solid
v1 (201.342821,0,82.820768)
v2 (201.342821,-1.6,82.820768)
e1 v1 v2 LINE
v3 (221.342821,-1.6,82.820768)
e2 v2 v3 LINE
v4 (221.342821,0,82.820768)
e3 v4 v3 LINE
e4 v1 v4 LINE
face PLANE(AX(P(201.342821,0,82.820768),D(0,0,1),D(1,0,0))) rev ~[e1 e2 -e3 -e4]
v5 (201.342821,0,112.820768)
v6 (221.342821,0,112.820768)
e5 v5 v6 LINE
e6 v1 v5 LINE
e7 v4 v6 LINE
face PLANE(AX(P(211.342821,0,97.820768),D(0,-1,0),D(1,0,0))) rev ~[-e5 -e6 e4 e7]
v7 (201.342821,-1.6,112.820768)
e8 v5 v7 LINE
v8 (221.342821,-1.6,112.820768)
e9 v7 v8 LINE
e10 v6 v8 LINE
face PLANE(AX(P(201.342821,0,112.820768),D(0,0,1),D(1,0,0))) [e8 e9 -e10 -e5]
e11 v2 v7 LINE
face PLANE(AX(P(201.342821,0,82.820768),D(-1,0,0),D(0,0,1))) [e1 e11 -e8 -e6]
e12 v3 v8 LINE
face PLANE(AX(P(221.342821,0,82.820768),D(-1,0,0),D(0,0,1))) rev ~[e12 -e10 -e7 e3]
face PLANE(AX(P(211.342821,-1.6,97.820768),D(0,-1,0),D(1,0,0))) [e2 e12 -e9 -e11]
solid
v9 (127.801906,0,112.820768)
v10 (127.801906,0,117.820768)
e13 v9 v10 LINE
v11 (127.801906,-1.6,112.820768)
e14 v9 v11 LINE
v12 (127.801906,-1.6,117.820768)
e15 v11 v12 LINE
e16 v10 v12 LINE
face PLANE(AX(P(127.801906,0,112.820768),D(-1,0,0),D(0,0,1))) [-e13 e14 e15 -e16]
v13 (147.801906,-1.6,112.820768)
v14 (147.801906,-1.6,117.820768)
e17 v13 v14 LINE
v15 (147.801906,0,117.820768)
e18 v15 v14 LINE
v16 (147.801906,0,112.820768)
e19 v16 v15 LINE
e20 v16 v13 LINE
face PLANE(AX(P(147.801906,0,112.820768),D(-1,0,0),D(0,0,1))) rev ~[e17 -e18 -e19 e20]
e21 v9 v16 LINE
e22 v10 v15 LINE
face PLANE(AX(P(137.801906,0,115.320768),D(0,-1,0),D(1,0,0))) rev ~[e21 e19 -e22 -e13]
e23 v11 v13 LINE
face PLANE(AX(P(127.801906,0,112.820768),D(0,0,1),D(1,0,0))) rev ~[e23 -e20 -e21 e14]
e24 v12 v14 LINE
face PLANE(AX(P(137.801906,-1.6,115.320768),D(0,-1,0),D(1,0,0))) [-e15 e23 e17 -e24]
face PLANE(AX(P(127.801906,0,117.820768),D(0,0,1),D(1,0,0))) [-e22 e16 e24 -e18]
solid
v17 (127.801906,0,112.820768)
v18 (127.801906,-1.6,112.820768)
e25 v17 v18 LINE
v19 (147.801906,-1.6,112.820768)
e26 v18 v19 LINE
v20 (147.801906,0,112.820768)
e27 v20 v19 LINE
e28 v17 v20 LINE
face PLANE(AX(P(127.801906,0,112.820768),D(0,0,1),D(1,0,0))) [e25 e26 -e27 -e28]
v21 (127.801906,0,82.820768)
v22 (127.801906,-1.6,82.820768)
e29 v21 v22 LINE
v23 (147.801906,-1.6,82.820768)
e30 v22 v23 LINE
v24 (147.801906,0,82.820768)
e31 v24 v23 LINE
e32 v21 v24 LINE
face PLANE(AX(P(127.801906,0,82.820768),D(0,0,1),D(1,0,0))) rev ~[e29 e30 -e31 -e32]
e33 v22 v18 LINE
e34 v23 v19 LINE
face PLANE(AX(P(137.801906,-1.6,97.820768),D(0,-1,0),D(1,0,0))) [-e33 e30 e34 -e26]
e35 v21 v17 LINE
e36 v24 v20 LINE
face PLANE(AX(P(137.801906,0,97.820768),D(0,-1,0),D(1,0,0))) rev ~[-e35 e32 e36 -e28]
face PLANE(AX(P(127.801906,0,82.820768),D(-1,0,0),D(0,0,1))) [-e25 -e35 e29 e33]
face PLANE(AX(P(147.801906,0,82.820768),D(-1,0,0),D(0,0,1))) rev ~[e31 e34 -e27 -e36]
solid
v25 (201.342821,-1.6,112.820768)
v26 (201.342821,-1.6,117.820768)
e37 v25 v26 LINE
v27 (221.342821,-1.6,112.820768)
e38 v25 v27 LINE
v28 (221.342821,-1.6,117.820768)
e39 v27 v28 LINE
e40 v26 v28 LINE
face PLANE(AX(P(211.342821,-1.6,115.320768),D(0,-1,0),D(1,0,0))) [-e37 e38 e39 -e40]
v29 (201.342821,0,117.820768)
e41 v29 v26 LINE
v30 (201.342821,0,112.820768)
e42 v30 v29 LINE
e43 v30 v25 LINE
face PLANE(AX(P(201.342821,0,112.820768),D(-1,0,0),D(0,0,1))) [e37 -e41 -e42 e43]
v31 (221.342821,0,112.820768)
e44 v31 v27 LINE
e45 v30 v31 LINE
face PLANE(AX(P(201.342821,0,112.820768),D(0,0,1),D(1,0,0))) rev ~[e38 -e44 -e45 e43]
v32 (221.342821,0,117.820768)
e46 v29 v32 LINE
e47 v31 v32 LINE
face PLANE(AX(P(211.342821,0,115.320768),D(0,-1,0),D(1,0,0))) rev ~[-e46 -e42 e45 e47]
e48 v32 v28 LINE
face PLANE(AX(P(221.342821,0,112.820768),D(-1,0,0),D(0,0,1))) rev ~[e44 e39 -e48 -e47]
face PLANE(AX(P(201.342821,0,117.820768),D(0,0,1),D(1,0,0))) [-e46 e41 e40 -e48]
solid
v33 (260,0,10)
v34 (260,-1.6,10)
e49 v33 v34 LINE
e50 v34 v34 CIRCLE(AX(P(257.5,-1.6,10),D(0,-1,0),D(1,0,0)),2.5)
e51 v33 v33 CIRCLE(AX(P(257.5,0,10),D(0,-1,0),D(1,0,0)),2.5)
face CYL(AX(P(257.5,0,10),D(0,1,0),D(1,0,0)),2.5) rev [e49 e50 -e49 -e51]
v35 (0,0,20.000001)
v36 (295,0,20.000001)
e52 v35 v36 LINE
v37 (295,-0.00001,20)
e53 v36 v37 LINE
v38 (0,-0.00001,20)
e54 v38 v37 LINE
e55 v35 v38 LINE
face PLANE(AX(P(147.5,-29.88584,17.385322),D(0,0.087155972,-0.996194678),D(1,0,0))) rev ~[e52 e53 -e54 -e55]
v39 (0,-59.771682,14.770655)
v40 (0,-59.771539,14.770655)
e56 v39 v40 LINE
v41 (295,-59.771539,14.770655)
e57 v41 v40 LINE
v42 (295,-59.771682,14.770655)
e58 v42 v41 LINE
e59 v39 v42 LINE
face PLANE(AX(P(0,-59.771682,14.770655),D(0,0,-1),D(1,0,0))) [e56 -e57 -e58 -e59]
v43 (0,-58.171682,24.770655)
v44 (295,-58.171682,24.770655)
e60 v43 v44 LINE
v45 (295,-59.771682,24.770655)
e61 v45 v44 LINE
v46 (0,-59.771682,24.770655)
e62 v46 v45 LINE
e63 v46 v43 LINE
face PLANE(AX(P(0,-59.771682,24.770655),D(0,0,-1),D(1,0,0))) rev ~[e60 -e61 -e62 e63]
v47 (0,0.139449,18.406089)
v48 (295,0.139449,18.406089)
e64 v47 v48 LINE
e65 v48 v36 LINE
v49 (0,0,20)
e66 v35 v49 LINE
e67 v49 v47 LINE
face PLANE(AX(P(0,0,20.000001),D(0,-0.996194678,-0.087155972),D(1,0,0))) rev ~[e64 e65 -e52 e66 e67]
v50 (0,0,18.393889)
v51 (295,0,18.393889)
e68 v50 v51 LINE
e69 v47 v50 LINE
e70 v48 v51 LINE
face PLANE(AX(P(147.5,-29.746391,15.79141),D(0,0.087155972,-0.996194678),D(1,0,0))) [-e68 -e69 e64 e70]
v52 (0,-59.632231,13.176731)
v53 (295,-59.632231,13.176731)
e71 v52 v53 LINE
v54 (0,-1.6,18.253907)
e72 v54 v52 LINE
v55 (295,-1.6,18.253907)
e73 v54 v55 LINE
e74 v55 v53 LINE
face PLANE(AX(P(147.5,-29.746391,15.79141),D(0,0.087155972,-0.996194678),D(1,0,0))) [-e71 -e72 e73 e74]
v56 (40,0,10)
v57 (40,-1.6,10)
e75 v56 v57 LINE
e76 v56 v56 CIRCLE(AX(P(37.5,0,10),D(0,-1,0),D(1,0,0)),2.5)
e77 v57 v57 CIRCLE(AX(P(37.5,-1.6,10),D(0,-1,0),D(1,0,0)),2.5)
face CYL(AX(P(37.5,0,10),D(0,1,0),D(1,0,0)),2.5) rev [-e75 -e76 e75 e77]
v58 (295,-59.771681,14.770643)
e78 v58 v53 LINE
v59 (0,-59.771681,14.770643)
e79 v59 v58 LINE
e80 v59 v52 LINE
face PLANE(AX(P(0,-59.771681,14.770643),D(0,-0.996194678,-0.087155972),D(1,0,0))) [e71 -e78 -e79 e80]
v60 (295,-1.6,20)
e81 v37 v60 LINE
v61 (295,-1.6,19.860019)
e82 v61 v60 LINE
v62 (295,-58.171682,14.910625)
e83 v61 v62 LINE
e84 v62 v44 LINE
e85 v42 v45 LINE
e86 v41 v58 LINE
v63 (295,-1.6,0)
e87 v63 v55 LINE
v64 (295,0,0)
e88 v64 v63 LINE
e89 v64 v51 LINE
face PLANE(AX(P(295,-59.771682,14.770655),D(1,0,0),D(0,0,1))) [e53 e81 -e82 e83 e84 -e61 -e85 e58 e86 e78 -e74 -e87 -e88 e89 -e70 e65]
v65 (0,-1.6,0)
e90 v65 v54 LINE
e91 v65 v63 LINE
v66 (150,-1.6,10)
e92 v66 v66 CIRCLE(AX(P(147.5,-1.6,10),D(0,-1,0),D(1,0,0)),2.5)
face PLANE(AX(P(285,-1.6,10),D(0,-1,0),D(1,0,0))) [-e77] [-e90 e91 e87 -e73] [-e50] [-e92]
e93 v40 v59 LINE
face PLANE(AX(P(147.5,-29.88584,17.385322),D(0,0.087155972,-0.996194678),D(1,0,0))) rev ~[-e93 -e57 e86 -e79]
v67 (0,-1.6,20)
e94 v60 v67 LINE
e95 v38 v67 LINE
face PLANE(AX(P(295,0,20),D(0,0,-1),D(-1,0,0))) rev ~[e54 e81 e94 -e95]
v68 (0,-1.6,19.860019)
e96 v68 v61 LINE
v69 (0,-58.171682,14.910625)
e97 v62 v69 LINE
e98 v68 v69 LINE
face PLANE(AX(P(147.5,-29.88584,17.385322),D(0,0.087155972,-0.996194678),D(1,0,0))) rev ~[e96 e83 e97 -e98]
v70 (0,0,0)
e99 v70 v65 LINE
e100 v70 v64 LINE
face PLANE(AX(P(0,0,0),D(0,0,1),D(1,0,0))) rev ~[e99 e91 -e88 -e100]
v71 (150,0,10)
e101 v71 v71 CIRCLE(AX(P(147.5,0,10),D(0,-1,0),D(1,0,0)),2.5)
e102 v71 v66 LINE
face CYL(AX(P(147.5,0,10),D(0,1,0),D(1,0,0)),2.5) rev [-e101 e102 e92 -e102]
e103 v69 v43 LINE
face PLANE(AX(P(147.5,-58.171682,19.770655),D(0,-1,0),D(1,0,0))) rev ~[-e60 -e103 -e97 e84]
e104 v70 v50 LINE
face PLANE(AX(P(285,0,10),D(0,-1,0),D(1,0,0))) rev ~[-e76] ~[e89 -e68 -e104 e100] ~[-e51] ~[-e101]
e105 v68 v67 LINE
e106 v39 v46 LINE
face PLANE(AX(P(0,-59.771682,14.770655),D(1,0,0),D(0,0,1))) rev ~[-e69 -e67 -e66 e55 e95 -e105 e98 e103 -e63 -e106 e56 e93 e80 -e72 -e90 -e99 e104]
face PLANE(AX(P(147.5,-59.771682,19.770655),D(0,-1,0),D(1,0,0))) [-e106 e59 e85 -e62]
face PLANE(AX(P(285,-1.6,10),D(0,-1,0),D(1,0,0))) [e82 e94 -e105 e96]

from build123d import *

# Parameters (mm, degrees)
F0_W      = 20
F0_H      = 20
F0_W_2    = 255
F0_R      = 2.5
F6_DEPTH  = 1.6
F2_W      = 295
F2_H      = 60
F7_DEPTH  = 1.6
F4_W      = 295
F4_H      = 10
F8_DEPTH  = 1.6
F5_W      = 20
F5_H      = 30
F9_DEPTH  = 1.6
F5_H_2    = 5
F10_DEPTH = 1.6


with BuildPart() as f6:
    # F0 (on Front) → F6 (new body)
    with BuildSketch(Plane.XZ):
        with Locations((285, 10)):
            Rectangle(F0_W, F0_H)
        with Locations((147.5, 10)):
            Rectangle(F0_W_2, F0_H)
        with Locations((37.5, 10)):
            Circle(F0_R, mode=Mode.SUBTRACT)
        with Locations((147.5, 10)):
            Circle(F0_R, mode=Mode.SUBTRACT)
        with Locations((257.5, 10)):
            Circle(F0_R, mode=Mode.SUBTRACT)
        with Locations((10, 10)):
            Rectangle(F0_W, F0_H)
    extrude(amount=F6_DEPTH)

    # F2 (on face) → F7 (join)
    with BuildSketch(Plane(origin=(0, -1.736482, 19.848078), x_dir=(1, 0, 0), z_dir=(0, 0.087156, -0.996195))):
        with Locations((147.5, 28.256885)):
            Rectangle(F2_W, F2_H)
    extrude(amount=F7_DEPTH)

    # F4 (on face) → F8 (join)
    with BuildSketch(Plane.XZ.offset(59.771682)):
        with Locations((147.5, 19.770655)):
            Rectangle(F4_W, F4_H)
    extrude(amount=-F8_DEPTH)


with BuildPart() as f9:
    # F5 (on Front) → F9 (new body)
    with BuildSketch(Plane.XZ):
        with Locations((137.801906, 97.820768)):
            Rectangle(F5_W, F5_H)
        with Locations((211.342821, 97.820768)):
            Rectangle(F5_W, F5_H)
    extrude(amount=F9_DEPTH)


with BuildPart() as f10:
    # F5 (on Front) → F10 (new body)
    with BuildSketch(Plane.XZ):
        with Locations((137.801906, 115.320768)):
            Rectangle(F5_W, F5_H_2)
        with Locations((211.342821, 115.320768)):
            Rectangle(F5_W, F5_H_2)
    extrude(amount=F10_DEPTH)


solid = Compound([f6.part, f9.part, f10.part])
